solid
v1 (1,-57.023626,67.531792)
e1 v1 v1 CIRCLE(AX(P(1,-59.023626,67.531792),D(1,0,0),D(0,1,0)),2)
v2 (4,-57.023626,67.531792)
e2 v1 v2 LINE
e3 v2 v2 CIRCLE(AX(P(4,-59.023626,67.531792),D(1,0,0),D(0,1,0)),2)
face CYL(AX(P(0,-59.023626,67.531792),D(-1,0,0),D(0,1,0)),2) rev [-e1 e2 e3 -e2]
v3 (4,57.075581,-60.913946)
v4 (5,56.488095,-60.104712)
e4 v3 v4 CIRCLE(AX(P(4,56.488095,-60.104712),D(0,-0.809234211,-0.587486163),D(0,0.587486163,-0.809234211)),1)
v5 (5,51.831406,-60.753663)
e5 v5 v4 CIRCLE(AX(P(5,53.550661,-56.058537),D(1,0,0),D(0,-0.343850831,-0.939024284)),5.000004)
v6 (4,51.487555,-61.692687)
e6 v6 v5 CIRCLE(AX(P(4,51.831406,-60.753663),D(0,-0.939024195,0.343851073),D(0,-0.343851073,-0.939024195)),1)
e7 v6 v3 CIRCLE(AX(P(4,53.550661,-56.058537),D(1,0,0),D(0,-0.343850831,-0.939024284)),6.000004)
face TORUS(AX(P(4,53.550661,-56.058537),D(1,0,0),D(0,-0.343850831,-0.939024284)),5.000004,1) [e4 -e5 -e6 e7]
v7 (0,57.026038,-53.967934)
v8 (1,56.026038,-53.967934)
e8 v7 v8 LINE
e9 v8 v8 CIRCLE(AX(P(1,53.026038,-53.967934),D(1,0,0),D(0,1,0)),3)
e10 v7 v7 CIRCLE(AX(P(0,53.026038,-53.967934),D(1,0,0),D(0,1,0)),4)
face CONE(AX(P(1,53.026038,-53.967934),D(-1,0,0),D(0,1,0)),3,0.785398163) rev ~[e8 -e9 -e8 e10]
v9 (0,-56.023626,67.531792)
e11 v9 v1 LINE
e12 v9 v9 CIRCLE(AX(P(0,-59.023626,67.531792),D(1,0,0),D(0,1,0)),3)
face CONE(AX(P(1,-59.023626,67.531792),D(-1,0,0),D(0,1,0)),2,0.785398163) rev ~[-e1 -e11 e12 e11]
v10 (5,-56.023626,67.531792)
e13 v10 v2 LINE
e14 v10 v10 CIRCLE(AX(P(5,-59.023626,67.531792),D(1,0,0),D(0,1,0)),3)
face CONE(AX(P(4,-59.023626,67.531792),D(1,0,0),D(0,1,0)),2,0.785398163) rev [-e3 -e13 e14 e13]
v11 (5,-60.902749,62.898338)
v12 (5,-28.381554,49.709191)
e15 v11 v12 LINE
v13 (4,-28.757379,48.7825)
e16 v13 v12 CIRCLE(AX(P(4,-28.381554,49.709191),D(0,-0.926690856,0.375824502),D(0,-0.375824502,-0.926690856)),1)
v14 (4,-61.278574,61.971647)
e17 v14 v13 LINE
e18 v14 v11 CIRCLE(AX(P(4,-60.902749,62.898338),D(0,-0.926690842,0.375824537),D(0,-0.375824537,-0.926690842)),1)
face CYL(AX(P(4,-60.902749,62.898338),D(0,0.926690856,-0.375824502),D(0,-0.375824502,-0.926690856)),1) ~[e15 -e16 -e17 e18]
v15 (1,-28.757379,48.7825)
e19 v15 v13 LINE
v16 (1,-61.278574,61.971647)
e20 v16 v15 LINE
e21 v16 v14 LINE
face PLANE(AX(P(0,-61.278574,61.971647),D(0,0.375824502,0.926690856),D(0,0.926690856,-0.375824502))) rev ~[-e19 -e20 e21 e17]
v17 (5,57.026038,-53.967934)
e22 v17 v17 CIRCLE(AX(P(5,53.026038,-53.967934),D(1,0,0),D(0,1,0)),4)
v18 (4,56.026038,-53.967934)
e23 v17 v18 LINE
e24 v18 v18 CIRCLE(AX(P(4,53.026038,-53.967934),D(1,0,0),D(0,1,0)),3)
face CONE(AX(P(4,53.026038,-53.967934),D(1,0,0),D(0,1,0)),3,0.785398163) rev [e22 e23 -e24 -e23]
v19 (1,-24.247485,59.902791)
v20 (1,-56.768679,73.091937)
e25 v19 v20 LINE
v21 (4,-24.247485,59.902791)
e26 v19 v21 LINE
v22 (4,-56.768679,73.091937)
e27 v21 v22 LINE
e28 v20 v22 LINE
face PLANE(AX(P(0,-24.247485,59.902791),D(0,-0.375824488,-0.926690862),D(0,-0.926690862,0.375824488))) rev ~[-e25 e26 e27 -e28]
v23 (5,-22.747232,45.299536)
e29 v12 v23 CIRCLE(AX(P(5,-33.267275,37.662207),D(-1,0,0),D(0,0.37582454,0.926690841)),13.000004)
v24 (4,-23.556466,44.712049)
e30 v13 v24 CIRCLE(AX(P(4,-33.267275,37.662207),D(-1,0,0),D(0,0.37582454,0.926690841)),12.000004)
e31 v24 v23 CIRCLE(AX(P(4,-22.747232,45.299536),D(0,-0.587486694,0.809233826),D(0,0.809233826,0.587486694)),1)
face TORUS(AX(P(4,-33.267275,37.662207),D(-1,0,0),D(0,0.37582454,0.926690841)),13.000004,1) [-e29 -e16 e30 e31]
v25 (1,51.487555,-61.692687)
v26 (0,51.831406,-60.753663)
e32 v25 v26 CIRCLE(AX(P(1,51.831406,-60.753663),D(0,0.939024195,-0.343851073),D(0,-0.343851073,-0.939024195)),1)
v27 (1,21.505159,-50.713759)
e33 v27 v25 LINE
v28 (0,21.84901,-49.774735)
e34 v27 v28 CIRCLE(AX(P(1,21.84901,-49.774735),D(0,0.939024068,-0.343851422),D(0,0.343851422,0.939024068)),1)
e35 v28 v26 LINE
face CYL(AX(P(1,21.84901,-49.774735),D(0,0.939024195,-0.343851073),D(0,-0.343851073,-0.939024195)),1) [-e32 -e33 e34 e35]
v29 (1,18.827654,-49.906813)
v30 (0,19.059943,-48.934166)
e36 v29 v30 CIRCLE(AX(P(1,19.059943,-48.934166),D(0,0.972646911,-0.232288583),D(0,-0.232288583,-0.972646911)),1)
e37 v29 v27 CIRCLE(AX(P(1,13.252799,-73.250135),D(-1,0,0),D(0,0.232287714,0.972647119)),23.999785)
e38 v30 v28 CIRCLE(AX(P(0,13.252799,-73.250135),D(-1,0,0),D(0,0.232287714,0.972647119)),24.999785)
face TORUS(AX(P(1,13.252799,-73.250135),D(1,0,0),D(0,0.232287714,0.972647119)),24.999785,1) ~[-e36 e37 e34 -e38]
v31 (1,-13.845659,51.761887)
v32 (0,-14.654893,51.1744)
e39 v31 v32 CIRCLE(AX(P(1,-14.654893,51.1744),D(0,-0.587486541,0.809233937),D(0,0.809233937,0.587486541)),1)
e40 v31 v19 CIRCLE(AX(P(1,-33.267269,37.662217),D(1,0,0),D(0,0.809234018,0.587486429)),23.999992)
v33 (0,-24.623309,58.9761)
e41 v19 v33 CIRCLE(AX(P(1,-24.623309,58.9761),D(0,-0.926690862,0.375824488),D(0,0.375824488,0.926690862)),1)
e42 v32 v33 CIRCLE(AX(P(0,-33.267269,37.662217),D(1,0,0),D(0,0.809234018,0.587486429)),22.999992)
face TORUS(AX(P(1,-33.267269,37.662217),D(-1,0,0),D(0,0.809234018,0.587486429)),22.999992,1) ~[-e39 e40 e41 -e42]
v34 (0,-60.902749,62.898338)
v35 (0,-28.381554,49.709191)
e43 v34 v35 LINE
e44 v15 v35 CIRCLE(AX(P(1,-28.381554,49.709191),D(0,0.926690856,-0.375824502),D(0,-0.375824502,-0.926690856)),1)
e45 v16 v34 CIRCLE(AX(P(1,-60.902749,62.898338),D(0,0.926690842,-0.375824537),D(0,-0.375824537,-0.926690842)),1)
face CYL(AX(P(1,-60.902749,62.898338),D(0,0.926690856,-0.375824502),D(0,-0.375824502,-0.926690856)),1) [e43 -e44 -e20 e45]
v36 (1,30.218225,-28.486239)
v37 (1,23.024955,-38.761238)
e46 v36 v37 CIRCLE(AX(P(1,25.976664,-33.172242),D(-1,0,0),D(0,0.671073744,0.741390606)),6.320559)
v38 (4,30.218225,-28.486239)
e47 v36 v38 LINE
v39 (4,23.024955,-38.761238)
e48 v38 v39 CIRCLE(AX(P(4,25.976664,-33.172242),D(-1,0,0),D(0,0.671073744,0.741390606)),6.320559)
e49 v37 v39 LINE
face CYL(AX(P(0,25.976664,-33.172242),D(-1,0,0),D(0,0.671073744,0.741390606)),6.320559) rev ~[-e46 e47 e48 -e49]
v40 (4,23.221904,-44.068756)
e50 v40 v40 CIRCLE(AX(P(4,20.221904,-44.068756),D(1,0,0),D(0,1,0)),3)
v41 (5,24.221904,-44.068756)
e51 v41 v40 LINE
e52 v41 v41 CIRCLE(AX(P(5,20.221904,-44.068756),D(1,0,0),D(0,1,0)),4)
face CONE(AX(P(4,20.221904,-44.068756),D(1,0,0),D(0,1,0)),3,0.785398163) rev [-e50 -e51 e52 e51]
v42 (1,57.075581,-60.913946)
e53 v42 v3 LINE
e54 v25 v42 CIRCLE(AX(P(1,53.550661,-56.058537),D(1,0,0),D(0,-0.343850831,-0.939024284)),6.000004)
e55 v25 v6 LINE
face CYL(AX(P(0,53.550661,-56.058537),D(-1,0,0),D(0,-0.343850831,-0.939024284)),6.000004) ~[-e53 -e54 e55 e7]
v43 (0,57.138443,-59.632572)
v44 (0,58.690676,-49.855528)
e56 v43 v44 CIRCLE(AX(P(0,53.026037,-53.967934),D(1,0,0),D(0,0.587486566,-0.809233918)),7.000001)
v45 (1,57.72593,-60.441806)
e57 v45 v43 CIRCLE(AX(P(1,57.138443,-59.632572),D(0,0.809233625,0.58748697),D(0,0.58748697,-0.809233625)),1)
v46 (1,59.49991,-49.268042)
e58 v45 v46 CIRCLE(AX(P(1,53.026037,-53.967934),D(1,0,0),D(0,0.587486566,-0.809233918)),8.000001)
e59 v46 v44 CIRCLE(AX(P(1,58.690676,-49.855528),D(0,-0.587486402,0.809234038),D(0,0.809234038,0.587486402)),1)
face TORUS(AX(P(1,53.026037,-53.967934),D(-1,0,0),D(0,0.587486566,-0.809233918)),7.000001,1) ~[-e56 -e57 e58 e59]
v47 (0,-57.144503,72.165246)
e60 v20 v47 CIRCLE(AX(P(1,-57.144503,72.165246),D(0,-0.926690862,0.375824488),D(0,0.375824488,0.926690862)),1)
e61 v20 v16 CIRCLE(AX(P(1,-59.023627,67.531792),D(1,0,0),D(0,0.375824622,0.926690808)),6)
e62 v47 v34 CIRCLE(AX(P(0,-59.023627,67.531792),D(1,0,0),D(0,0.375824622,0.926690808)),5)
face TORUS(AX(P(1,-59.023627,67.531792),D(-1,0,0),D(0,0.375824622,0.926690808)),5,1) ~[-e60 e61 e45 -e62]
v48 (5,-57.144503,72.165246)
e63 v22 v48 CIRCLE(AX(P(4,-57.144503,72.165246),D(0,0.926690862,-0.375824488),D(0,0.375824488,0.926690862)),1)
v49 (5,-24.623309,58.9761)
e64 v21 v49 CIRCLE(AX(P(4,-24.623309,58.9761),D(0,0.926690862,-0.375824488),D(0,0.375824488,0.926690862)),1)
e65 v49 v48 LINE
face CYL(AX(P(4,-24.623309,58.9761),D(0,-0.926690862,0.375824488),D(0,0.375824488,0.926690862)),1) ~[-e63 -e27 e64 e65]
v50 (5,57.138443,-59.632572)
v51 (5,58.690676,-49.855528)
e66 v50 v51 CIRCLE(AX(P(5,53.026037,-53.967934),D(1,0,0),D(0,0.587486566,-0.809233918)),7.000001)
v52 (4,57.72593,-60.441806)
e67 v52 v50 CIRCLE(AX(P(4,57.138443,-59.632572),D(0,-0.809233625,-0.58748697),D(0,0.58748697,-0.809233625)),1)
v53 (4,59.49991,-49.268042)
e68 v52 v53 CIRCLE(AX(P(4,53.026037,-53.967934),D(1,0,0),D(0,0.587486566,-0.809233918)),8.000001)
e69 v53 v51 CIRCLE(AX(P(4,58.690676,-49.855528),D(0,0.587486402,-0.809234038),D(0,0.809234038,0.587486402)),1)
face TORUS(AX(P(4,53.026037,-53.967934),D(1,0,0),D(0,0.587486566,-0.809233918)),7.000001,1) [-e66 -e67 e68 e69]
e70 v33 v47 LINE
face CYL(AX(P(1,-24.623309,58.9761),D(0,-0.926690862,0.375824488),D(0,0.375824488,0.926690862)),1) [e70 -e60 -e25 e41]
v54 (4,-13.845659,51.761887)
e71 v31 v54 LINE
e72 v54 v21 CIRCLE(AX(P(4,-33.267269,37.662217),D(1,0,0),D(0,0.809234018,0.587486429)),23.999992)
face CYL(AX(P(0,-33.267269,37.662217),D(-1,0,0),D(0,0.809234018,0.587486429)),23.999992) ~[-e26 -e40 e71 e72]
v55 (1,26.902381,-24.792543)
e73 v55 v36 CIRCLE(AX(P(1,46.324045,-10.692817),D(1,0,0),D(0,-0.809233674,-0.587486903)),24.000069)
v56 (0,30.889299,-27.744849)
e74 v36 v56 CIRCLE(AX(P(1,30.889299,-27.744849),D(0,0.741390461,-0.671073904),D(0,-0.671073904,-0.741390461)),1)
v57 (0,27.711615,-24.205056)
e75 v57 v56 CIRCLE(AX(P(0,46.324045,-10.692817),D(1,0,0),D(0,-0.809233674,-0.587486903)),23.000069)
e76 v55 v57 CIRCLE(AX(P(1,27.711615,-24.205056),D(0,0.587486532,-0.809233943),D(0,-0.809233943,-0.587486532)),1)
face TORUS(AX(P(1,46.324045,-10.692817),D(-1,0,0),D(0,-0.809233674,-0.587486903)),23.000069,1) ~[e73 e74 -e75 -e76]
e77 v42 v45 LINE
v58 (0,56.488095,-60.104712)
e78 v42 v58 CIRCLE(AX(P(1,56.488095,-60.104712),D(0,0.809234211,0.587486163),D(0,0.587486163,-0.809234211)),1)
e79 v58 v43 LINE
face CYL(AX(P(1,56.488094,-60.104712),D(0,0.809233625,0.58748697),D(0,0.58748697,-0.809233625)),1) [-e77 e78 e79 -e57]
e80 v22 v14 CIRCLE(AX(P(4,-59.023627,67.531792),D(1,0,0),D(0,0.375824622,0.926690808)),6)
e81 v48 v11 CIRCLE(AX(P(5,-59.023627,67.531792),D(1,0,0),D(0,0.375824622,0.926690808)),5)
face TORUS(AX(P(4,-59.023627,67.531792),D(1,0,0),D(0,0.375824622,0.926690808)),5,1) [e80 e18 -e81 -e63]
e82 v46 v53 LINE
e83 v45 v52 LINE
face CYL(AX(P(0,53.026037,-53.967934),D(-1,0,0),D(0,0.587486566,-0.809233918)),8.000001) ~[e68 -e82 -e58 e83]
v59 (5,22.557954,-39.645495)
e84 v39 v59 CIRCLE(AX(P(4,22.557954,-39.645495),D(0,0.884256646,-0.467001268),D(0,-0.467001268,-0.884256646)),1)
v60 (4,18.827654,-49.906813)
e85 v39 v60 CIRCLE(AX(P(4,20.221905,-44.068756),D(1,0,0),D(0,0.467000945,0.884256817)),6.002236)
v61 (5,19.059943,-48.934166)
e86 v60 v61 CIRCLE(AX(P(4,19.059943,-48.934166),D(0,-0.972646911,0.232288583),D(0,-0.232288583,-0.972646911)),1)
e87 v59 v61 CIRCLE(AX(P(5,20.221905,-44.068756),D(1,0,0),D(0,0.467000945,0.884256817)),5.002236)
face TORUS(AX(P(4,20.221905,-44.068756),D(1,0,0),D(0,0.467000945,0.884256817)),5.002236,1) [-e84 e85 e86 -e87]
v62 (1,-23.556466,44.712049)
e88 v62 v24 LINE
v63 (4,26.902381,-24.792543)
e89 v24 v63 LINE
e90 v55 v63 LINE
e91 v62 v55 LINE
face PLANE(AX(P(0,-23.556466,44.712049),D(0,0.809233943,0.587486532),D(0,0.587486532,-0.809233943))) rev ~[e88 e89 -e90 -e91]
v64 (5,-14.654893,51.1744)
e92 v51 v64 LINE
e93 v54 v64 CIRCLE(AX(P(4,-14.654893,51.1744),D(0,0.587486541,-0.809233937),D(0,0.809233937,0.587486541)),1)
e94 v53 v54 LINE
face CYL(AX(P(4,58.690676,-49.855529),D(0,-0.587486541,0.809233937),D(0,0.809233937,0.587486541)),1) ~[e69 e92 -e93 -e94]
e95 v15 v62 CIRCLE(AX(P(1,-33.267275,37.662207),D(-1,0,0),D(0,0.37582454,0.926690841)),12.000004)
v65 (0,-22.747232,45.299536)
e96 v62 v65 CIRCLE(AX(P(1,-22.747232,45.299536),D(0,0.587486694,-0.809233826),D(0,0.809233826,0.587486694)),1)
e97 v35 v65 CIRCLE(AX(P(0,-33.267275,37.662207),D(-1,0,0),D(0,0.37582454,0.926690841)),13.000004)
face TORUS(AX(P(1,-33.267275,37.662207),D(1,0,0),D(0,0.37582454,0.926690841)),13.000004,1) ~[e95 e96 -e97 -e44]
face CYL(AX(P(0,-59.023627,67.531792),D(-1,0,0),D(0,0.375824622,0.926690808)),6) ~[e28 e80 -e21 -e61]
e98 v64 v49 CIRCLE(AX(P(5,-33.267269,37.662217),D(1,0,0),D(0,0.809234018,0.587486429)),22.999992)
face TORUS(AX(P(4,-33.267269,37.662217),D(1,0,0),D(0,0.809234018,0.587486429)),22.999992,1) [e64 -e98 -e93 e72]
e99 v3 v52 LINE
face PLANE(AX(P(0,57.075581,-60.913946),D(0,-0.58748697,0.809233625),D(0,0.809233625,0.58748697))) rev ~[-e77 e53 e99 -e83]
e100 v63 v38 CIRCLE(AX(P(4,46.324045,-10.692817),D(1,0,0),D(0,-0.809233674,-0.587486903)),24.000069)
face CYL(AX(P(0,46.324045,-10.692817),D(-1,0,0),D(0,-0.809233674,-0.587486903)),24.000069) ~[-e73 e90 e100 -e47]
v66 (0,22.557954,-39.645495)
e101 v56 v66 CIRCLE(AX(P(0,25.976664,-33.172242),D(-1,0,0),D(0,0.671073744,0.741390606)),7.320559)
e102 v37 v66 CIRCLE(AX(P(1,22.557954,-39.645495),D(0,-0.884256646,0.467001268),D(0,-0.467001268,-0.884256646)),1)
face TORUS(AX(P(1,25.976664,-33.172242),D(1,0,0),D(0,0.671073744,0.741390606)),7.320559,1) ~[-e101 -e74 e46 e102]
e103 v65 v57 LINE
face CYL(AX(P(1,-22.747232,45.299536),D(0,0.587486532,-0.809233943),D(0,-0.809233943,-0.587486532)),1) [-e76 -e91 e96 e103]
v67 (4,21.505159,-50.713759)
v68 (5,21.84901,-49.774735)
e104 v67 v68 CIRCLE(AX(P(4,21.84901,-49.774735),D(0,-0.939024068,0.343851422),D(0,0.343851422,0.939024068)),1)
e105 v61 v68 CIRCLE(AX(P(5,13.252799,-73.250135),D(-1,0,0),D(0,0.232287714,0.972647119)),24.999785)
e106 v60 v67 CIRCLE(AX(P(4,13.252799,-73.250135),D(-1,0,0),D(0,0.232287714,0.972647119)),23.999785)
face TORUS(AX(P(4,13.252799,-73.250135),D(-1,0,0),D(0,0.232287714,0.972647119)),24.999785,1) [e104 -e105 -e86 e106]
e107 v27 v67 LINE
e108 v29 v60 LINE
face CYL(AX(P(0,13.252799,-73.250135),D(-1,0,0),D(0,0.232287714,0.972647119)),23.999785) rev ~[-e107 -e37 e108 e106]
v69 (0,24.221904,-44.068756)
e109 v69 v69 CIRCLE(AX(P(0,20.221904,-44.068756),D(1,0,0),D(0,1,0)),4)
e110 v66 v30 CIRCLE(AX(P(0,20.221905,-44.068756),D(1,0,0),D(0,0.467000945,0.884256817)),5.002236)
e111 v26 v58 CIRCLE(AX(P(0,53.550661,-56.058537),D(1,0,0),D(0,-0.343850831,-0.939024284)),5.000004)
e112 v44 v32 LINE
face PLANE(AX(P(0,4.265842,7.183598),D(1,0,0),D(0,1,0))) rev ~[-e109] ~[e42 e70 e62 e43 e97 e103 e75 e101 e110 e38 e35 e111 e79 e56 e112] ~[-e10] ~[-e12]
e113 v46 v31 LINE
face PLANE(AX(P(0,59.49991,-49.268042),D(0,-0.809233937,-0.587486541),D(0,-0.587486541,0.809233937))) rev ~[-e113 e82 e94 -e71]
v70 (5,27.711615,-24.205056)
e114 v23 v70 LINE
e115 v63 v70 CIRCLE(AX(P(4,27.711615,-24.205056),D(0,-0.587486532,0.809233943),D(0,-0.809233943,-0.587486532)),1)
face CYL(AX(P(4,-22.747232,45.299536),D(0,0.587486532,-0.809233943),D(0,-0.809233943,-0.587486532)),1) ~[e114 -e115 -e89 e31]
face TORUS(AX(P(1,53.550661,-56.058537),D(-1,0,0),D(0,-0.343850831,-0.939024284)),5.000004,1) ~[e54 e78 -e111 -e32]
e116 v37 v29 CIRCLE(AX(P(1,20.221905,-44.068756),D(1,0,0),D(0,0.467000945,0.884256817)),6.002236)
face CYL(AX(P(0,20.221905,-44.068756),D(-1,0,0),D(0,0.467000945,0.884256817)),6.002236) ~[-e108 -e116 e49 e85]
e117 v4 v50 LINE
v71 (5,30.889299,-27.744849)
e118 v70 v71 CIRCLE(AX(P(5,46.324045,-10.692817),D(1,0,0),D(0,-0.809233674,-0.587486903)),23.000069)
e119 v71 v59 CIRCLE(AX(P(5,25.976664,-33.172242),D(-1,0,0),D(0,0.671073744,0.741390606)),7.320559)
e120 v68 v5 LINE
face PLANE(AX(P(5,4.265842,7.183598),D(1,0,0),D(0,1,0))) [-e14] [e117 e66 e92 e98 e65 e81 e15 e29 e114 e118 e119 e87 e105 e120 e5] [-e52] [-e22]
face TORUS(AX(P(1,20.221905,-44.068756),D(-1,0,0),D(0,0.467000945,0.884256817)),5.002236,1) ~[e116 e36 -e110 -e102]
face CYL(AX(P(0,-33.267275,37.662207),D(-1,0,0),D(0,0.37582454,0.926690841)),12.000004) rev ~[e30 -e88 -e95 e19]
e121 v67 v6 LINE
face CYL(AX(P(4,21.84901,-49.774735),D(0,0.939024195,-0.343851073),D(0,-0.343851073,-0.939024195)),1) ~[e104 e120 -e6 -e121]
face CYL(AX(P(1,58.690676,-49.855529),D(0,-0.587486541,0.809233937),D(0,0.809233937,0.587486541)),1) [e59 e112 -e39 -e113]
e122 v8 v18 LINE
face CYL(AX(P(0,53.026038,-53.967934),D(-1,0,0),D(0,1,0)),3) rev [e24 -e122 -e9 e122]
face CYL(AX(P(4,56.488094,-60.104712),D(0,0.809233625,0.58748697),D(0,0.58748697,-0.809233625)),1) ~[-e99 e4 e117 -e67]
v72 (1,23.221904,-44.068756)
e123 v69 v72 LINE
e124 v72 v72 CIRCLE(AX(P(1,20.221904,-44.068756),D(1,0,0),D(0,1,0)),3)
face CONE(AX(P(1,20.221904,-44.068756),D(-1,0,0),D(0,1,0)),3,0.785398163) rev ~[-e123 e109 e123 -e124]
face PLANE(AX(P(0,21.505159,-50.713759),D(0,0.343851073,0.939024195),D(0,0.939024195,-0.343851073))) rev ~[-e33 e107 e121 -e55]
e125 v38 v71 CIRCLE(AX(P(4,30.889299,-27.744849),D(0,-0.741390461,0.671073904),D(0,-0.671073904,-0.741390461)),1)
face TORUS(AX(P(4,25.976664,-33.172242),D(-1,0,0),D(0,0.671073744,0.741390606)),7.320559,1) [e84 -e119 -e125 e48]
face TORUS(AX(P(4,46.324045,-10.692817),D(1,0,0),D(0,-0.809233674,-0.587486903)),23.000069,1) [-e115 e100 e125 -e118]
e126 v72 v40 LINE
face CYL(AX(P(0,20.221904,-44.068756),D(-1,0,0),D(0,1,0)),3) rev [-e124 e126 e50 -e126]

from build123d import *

# Parameters (mm, degrees)
F0_R     = 3
F0_R_2   = 2
F1_DEPTH = 5
F2_R     = 1
F3_SIZE  = 1


with BuildPart() as f1:
    # F0 (on Right) → F1 (new body)
    with BuildSketch(Plane.YZ):
        with BuildLine():
            ThreePointArc((57.72593, -60.441806), (60.927082, -55.222327), (59.49991, -49.268042))
            Line((59.49991, -49.268042), (-13.845659, 51.761887))
            ThreePointArc((-13.845659, 51.761887), (-18.475487, 56.562027), (-24.247485, 59.902791))
            Line((-24.247485, 59.902791), (-56.768679, 73.091937))
            ThreePointArc((-56.768679, 73.091937), (-64.583772, 69.786739), (-61.278574, 61.971647))
            Line((-61.278574, 61.971647), (-28.757379, 48.7825))
            ThreePointArc((-28.757379, 48.7825), (-25.87138, 47.112118), (-23.556466, 44.712049))
            Line((-23.556466, 44.712049), (26.902381, -24.792543))
            ThreePointArc((26.902381, -24.792543), (28.464555, -26.725344), (30.218225, -28.486239))
            ThreePointArc((30.218225, -28.486239), (31.154485, -36.797105), (23.024955, -38.761238))
            ThreePointArc((23.024955, -38.761238), (14.604776, -41.953407), (18.827654, -49.906813))
            ThreePointArc((18.827654, -49.906813), (20.17817, -50.271255), (21.505159, -50.713759))
            Line((21.505159, -50.713759), (51.487555, -61.692687))
            ThreePointArc((51.487555, -61.692687), (54.378812, -62.001114), (57.075581, -60.913946))
            Line((57.075581, -60.913946), (57.72593, -60.441806))
        make_face()
        with Locations((20.221904, -44.068756)):
            Circle(F0_R, mode=Mode.SUBTRACT)
        with Locations((53.026038, -53.967934)):
            Circle(F0_R, mode=Mode.SUBTRACT)
        with Locations((-59.023626, 67.531792)):
            Circle(F0_R_2, mode=Mode.SUBTRACT)
    extrude(amount=F1_DEPTH)

    # F2
    f2_edges = [f1.edges().sort_by_distance(p)[0] for p in [
        (0, -40.508082, 66.497364),
        (5, -40.508082, 66.497364),
    ]]
    fillet(f2_edges, radius=F2_R)

    # F3
    f3_edges = [f1.edges().sort_by_distance(p)[0] for p in [
        (5, 17.221904, -44.068756),
        (0, 17.221904, -44.068756),
        (5, 50.026038, -53.967934),
        (0, 50.026038, -53.967934),
        (0, -61.023626, 67.531792),
        (5, -61.023626, 67.531792),
    ]]
    chamfer(f3_edges, length=F3_SIZE)


solid = f1.part
